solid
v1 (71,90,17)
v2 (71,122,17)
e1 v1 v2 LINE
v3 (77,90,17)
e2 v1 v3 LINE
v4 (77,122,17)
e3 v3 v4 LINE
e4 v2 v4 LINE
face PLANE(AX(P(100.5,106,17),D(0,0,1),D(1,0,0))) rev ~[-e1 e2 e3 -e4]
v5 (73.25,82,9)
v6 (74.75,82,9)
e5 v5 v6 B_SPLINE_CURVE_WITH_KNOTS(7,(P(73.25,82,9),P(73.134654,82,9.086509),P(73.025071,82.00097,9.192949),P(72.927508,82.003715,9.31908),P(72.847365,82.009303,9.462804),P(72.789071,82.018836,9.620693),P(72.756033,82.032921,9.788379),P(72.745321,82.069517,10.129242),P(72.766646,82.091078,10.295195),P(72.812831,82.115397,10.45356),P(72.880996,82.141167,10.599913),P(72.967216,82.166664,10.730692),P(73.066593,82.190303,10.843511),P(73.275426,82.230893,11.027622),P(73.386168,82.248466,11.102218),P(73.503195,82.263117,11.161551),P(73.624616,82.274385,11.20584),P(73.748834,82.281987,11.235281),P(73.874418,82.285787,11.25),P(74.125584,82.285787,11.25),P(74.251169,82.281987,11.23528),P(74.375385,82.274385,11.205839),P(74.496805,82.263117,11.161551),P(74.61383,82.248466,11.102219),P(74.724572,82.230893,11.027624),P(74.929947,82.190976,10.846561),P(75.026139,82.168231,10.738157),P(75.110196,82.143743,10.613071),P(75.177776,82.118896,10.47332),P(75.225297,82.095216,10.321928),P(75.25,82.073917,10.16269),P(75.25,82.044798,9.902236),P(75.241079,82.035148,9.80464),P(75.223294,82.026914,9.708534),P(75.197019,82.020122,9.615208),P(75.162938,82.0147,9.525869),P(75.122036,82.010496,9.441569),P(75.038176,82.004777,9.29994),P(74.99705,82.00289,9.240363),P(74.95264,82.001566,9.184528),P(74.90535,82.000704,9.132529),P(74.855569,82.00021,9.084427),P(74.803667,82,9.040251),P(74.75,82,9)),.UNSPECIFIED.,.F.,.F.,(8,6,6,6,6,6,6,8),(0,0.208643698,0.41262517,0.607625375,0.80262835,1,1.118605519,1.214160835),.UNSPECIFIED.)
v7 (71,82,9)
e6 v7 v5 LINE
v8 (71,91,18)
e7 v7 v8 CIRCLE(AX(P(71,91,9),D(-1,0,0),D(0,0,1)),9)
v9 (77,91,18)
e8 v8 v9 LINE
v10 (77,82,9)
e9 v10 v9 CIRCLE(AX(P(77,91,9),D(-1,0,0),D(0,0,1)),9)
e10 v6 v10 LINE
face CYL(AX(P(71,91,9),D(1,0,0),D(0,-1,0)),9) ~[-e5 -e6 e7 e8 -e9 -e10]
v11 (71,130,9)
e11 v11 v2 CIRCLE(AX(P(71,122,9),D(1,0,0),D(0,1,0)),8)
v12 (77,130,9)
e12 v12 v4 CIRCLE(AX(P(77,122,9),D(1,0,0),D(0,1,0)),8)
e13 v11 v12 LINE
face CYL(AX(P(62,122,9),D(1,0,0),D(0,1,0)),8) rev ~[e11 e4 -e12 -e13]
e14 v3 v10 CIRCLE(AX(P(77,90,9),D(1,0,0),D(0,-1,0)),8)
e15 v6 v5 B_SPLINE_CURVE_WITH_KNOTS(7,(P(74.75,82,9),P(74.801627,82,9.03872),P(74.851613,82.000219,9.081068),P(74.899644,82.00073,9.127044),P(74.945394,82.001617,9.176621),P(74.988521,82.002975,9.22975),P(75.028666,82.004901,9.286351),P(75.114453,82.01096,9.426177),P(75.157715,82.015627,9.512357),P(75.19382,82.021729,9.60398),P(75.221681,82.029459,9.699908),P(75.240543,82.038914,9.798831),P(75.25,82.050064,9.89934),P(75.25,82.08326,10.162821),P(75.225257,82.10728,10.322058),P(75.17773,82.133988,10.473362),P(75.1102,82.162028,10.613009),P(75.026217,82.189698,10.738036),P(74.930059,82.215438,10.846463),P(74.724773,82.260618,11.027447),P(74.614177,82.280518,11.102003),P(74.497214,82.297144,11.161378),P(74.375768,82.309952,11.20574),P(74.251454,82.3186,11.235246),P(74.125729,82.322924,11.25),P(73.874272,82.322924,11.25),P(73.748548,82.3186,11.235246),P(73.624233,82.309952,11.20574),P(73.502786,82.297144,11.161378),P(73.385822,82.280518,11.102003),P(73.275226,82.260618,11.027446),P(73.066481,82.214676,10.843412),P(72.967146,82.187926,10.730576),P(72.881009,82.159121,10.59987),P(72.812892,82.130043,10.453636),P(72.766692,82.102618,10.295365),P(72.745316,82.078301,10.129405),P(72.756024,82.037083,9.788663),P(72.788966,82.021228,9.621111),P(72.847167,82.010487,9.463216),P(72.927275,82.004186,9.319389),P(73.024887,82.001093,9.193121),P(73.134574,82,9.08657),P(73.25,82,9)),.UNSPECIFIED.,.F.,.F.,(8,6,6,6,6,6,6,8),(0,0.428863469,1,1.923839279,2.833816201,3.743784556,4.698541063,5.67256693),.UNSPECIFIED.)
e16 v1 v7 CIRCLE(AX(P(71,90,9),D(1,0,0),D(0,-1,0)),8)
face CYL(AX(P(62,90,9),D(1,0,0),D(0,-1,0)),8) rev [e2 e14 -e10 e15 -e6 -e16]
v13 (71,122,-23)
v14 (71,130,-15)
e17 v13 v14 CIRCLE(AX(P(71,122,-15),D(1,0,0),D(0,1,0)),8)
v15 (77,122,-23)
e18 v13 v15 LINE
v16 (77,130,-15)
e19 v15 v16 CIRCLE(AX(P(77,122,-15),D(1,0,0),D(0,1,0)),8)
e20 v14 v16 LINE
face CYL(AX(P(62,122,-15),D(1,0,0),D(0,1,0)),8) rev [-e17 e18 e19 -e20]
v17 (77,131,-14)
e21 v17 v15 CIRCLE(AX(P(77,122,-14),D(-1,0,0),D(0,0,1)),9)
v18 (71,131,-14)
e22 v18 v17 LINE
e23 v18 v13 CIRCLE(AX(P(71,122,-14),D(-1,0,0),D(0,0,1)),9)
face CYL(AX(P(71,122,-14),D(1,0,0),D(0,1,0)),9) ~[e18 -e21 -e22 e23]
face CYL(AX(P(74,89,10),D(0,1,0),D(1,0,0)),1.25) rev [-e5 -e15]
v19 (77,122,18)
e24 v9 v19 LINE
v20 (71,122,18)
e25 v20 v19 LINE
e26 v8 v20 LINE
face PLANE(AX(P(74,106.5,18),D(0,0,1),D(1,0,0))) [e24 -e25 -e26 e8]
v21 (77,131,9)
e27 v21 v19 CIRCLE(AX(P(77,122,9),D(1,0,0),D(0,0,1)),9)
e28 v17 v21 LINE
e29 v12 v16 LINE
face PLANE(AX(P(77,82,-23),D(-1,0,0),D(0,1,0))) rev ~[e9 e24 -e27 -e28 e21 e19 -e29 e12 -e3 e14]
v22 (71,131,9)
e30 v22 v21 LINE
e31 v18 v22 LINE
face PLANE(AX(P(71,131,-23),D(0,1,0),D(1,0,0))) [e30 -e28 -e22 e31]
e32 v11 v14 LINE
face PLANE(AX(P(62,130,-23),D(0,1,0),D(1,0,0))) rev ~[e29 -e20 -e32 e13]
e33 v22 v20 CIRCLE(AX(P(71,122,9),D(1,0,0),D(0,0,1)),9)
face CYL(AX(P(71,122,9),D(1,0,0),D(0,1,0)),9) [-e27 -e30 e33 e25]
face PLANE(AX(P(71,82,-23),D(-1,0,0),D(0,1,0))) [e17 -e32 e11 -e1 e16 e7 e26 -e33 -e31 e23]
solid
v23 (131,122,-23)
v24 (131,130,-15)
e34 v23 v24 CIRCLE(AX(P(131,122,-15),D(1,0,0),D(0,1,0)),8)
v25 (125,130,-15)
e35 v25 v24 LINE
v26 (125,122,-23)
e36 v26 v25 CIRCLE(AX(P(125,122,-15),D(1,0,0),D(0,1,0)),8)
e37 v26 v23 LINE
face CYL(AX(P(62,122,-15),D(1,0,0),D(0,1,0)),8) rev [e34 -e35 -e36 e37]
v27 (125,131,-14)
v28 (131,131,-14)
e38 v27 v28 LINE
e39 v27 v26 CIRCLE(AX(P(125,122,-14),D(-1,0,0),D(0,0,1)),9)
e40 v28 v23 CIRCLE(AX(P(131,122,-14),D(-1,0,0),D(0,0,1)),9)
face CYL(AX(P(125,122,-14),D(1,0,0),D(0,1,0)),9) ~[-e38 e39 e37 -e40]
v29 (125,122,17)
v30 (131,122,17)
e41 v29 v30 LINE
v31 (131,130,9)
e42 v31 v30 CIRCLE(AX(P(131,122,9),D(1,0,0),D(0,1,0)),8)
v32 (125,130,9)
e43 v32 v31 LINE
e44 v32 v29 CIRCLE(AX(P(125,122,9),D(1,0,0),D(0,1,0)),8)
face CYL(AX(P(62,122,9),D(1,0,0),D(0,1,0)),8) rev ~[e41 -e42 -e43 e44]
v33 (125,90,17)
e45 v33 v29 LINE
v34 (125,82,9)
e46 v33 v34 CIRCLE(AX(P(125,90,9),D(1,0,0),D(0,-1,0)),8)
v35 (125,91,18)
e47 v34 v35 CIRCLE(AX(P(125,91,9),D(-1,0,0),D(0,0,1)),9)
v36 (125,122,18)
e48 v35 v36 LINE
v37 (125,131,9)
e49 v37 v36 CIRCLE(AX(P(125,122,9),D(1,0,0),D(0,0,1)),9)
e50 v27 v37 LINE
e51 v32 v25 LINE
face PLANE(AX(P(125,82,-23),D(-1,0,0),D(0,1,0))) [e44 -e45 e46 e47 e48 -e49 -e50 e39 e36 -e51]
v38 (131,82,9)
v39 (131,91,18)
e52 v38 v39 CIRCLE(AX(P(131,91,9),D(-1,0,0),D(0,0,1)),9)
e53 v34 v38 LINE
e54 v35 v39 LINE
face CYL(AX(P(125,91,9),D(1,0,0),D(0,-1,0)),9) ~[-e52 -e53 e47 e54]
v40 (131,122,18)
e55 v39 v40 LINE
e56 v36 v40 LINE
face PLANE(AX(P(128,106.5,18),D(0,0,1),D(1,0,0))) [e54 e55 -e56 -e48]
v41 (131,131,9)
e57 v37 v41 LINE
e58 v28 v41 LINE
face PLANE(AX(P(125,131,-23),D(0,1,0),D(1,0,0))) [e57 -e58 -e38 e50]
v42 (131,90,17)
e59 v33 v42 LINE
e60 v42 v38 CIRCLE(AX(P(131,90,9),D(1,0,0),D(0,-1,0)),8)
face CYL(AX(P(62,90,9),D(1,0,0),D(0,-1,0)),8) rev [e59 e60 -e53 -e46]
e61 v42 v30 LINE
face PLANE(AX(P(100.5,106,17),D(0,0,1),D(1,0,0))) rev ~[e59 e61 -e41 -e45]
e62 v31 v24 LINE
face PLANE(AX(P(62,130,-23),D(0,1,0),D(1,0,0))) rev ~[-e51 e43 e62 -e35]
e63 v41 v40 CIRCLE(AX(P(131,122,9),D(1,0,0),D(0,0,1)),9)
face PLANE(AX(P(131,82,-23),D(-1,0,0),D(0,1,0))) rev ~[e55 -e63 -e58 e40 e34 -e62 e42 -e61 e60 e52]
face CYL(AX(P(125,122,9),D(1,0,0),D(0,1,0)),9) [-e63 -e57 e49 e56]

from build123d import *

# Parameters (mm, degrees)
CYLINDER025_R          = 1.25
CYLINDER025_DEPTH      = 15
CYLINDER025_ROLL_ANGLE = 90
CYLINDER026_R          = 1.25
CYLINDER026_DEPTH      = 15
CYLINDER026_ROLL_ANGLE = 90
BOX001_W               = 77
BOX001_H               = 48
BOX001_DEPTH           = 40
FILLET001_R            = 8
BOX014_W               = 6
BOX014_H               = 49
BOX014_DEPTH           = 41
FILLET007_R            = 9
BOX013_W               = 6
BOX013_H               = 49
BOX013_DEPTH           = 41
FILLET006_R            = 9


with BuildPart() as cylinder025:
    # Cylinder025 → Cylinder025 (new body)
    with BuildSketch(Plane.XY):
        Circle(CYLINDER025_R)
    extrude(amount=CYLINDER025_DEPTH)


with BuildPart() as cylinder025_1:
    # Cylinder025 roll: moved
    add(cylinder025.part.rotate(Axis((0, 0, 0), (1, 0, 0)), CYLINDER025_ROLL_ANGLE))


with BuildPart() as cylinder025_2:
    # Cylinder025 placement: moved
    add(cylinder025_1.part.moved(Location((74, 97, 10))))


with BuildPart() as fusion032:
    # Cylinder026 → Cylinder026 (new body)
    with BuildSketch(Plane.XY):
        Circle(CYLINDER026_R)
    extrude(amount=CYLINDER026_DEPTH)


with BuildPart() as fusion032_1:
    # Cylinder026 roll: moved
    add(fusion032.part.rotate(Axis((0, 0, 0), (1, 0, 0)), CYLINDER026_ROLL_ANGLE))


with BuildPart() as fusion032_2:
    # Cylinder026 placement: moved
    add(fusion032_1.part.moved(Location((106, 97, 10))))

    # Fusion032: union Cylinder025
    add(cylinder025_2.part)


with BuildPart() as fusion032_3:
    # Fusion032 placement: moved
    add(fusion032_2.part.moved(Location((0, -8, 0))))


with BuildPart() as fillet001:
    # Box001 → Box001 (new body)
    with BuildSketch(Plane(origin=(62, 82, -27), x_dir=(1, 0, 0), z_dir=(0, 0, 1))):
        with Locations((38.5, 24)):
            Rectangle(BOX001_W, BOX001_H)
    extrude(amount=BOX001_DEPTH)

    # Fillet001
    fillet001_edges = [fillet001.edges().sort_by_distance(p)[0] for p in [
        (100.5, 82, -27),
        (100.5, 82, 13),
        (100.5, 130, -27),
        (100.5, 130, 13),
    ]]
    fillet(fillet001_edges, radius=FILLET001_R)


with BuildPart() as fillet001_1:
    # Fillet001 placement: moved
    add(fillet001.part.moved(Location((0, 0, 4))))


with BuildPart() as fillet007:
    # Box014 → Box014 (new body)
    with BuildSketch(Plane(origin=(71, 82, -23), x_dir=(1, 0, 0), z_dir=(0, 0, 1))):
        with Locations((3, 24.5)):
            Rectangle(BOX014_W, BOX014_H)
    extrude(amount=BOX014_DEPTH)

    # Fillet007
    fillet007_edges = [fillet007.edges().sort_by_distance(p)[0] for p in [
        (74, 82, -23),
        (74, 82, 18),
        (74, 131, -23),
        (74, 131, 18),
    ]]
    fillet(fillet007_edges, radius=FILLET007_R)


with BuildPart() as fillet007_1:
    # Fillet007 placement: moved
    add(fillet007.part.moved(Location((54, 0, 0))))


with BuildPart() as cut024:
    # Box013 → Box013 (new body)
    with BuildSketch(Plane(origin=(71, 82, -23), x_dir=(1, 0, 0), z_dir=(0, 0, 1))):
        with Locations((3, 24.5)):
            Rectangle(BOX013_W, BOX013_H)
    extrude(amount=BOX013_DEPTH)

    # Fillet006
    fillet006_edges = [cut024.edges().sort_by_distance(p)[0] for p in [
        (74, 82, -23),
        (74, 82, 18),
        (74, 131, -23),
        (74, 131, 18),
    ]]
    fillet(fillet006_edges, radius=FILLET006_R)

    # Fusion002: union Fillet007
    add(fillet007_1.part)

    # Cut005: cut Fillet001
    add(fillet001_1.part, mode=Mode.SUBTRACT)

    # Cut024: cut Fusion032
    add(fusion032_3.part, mode=Mode.SUBTRACT)


solid = cut024.part
